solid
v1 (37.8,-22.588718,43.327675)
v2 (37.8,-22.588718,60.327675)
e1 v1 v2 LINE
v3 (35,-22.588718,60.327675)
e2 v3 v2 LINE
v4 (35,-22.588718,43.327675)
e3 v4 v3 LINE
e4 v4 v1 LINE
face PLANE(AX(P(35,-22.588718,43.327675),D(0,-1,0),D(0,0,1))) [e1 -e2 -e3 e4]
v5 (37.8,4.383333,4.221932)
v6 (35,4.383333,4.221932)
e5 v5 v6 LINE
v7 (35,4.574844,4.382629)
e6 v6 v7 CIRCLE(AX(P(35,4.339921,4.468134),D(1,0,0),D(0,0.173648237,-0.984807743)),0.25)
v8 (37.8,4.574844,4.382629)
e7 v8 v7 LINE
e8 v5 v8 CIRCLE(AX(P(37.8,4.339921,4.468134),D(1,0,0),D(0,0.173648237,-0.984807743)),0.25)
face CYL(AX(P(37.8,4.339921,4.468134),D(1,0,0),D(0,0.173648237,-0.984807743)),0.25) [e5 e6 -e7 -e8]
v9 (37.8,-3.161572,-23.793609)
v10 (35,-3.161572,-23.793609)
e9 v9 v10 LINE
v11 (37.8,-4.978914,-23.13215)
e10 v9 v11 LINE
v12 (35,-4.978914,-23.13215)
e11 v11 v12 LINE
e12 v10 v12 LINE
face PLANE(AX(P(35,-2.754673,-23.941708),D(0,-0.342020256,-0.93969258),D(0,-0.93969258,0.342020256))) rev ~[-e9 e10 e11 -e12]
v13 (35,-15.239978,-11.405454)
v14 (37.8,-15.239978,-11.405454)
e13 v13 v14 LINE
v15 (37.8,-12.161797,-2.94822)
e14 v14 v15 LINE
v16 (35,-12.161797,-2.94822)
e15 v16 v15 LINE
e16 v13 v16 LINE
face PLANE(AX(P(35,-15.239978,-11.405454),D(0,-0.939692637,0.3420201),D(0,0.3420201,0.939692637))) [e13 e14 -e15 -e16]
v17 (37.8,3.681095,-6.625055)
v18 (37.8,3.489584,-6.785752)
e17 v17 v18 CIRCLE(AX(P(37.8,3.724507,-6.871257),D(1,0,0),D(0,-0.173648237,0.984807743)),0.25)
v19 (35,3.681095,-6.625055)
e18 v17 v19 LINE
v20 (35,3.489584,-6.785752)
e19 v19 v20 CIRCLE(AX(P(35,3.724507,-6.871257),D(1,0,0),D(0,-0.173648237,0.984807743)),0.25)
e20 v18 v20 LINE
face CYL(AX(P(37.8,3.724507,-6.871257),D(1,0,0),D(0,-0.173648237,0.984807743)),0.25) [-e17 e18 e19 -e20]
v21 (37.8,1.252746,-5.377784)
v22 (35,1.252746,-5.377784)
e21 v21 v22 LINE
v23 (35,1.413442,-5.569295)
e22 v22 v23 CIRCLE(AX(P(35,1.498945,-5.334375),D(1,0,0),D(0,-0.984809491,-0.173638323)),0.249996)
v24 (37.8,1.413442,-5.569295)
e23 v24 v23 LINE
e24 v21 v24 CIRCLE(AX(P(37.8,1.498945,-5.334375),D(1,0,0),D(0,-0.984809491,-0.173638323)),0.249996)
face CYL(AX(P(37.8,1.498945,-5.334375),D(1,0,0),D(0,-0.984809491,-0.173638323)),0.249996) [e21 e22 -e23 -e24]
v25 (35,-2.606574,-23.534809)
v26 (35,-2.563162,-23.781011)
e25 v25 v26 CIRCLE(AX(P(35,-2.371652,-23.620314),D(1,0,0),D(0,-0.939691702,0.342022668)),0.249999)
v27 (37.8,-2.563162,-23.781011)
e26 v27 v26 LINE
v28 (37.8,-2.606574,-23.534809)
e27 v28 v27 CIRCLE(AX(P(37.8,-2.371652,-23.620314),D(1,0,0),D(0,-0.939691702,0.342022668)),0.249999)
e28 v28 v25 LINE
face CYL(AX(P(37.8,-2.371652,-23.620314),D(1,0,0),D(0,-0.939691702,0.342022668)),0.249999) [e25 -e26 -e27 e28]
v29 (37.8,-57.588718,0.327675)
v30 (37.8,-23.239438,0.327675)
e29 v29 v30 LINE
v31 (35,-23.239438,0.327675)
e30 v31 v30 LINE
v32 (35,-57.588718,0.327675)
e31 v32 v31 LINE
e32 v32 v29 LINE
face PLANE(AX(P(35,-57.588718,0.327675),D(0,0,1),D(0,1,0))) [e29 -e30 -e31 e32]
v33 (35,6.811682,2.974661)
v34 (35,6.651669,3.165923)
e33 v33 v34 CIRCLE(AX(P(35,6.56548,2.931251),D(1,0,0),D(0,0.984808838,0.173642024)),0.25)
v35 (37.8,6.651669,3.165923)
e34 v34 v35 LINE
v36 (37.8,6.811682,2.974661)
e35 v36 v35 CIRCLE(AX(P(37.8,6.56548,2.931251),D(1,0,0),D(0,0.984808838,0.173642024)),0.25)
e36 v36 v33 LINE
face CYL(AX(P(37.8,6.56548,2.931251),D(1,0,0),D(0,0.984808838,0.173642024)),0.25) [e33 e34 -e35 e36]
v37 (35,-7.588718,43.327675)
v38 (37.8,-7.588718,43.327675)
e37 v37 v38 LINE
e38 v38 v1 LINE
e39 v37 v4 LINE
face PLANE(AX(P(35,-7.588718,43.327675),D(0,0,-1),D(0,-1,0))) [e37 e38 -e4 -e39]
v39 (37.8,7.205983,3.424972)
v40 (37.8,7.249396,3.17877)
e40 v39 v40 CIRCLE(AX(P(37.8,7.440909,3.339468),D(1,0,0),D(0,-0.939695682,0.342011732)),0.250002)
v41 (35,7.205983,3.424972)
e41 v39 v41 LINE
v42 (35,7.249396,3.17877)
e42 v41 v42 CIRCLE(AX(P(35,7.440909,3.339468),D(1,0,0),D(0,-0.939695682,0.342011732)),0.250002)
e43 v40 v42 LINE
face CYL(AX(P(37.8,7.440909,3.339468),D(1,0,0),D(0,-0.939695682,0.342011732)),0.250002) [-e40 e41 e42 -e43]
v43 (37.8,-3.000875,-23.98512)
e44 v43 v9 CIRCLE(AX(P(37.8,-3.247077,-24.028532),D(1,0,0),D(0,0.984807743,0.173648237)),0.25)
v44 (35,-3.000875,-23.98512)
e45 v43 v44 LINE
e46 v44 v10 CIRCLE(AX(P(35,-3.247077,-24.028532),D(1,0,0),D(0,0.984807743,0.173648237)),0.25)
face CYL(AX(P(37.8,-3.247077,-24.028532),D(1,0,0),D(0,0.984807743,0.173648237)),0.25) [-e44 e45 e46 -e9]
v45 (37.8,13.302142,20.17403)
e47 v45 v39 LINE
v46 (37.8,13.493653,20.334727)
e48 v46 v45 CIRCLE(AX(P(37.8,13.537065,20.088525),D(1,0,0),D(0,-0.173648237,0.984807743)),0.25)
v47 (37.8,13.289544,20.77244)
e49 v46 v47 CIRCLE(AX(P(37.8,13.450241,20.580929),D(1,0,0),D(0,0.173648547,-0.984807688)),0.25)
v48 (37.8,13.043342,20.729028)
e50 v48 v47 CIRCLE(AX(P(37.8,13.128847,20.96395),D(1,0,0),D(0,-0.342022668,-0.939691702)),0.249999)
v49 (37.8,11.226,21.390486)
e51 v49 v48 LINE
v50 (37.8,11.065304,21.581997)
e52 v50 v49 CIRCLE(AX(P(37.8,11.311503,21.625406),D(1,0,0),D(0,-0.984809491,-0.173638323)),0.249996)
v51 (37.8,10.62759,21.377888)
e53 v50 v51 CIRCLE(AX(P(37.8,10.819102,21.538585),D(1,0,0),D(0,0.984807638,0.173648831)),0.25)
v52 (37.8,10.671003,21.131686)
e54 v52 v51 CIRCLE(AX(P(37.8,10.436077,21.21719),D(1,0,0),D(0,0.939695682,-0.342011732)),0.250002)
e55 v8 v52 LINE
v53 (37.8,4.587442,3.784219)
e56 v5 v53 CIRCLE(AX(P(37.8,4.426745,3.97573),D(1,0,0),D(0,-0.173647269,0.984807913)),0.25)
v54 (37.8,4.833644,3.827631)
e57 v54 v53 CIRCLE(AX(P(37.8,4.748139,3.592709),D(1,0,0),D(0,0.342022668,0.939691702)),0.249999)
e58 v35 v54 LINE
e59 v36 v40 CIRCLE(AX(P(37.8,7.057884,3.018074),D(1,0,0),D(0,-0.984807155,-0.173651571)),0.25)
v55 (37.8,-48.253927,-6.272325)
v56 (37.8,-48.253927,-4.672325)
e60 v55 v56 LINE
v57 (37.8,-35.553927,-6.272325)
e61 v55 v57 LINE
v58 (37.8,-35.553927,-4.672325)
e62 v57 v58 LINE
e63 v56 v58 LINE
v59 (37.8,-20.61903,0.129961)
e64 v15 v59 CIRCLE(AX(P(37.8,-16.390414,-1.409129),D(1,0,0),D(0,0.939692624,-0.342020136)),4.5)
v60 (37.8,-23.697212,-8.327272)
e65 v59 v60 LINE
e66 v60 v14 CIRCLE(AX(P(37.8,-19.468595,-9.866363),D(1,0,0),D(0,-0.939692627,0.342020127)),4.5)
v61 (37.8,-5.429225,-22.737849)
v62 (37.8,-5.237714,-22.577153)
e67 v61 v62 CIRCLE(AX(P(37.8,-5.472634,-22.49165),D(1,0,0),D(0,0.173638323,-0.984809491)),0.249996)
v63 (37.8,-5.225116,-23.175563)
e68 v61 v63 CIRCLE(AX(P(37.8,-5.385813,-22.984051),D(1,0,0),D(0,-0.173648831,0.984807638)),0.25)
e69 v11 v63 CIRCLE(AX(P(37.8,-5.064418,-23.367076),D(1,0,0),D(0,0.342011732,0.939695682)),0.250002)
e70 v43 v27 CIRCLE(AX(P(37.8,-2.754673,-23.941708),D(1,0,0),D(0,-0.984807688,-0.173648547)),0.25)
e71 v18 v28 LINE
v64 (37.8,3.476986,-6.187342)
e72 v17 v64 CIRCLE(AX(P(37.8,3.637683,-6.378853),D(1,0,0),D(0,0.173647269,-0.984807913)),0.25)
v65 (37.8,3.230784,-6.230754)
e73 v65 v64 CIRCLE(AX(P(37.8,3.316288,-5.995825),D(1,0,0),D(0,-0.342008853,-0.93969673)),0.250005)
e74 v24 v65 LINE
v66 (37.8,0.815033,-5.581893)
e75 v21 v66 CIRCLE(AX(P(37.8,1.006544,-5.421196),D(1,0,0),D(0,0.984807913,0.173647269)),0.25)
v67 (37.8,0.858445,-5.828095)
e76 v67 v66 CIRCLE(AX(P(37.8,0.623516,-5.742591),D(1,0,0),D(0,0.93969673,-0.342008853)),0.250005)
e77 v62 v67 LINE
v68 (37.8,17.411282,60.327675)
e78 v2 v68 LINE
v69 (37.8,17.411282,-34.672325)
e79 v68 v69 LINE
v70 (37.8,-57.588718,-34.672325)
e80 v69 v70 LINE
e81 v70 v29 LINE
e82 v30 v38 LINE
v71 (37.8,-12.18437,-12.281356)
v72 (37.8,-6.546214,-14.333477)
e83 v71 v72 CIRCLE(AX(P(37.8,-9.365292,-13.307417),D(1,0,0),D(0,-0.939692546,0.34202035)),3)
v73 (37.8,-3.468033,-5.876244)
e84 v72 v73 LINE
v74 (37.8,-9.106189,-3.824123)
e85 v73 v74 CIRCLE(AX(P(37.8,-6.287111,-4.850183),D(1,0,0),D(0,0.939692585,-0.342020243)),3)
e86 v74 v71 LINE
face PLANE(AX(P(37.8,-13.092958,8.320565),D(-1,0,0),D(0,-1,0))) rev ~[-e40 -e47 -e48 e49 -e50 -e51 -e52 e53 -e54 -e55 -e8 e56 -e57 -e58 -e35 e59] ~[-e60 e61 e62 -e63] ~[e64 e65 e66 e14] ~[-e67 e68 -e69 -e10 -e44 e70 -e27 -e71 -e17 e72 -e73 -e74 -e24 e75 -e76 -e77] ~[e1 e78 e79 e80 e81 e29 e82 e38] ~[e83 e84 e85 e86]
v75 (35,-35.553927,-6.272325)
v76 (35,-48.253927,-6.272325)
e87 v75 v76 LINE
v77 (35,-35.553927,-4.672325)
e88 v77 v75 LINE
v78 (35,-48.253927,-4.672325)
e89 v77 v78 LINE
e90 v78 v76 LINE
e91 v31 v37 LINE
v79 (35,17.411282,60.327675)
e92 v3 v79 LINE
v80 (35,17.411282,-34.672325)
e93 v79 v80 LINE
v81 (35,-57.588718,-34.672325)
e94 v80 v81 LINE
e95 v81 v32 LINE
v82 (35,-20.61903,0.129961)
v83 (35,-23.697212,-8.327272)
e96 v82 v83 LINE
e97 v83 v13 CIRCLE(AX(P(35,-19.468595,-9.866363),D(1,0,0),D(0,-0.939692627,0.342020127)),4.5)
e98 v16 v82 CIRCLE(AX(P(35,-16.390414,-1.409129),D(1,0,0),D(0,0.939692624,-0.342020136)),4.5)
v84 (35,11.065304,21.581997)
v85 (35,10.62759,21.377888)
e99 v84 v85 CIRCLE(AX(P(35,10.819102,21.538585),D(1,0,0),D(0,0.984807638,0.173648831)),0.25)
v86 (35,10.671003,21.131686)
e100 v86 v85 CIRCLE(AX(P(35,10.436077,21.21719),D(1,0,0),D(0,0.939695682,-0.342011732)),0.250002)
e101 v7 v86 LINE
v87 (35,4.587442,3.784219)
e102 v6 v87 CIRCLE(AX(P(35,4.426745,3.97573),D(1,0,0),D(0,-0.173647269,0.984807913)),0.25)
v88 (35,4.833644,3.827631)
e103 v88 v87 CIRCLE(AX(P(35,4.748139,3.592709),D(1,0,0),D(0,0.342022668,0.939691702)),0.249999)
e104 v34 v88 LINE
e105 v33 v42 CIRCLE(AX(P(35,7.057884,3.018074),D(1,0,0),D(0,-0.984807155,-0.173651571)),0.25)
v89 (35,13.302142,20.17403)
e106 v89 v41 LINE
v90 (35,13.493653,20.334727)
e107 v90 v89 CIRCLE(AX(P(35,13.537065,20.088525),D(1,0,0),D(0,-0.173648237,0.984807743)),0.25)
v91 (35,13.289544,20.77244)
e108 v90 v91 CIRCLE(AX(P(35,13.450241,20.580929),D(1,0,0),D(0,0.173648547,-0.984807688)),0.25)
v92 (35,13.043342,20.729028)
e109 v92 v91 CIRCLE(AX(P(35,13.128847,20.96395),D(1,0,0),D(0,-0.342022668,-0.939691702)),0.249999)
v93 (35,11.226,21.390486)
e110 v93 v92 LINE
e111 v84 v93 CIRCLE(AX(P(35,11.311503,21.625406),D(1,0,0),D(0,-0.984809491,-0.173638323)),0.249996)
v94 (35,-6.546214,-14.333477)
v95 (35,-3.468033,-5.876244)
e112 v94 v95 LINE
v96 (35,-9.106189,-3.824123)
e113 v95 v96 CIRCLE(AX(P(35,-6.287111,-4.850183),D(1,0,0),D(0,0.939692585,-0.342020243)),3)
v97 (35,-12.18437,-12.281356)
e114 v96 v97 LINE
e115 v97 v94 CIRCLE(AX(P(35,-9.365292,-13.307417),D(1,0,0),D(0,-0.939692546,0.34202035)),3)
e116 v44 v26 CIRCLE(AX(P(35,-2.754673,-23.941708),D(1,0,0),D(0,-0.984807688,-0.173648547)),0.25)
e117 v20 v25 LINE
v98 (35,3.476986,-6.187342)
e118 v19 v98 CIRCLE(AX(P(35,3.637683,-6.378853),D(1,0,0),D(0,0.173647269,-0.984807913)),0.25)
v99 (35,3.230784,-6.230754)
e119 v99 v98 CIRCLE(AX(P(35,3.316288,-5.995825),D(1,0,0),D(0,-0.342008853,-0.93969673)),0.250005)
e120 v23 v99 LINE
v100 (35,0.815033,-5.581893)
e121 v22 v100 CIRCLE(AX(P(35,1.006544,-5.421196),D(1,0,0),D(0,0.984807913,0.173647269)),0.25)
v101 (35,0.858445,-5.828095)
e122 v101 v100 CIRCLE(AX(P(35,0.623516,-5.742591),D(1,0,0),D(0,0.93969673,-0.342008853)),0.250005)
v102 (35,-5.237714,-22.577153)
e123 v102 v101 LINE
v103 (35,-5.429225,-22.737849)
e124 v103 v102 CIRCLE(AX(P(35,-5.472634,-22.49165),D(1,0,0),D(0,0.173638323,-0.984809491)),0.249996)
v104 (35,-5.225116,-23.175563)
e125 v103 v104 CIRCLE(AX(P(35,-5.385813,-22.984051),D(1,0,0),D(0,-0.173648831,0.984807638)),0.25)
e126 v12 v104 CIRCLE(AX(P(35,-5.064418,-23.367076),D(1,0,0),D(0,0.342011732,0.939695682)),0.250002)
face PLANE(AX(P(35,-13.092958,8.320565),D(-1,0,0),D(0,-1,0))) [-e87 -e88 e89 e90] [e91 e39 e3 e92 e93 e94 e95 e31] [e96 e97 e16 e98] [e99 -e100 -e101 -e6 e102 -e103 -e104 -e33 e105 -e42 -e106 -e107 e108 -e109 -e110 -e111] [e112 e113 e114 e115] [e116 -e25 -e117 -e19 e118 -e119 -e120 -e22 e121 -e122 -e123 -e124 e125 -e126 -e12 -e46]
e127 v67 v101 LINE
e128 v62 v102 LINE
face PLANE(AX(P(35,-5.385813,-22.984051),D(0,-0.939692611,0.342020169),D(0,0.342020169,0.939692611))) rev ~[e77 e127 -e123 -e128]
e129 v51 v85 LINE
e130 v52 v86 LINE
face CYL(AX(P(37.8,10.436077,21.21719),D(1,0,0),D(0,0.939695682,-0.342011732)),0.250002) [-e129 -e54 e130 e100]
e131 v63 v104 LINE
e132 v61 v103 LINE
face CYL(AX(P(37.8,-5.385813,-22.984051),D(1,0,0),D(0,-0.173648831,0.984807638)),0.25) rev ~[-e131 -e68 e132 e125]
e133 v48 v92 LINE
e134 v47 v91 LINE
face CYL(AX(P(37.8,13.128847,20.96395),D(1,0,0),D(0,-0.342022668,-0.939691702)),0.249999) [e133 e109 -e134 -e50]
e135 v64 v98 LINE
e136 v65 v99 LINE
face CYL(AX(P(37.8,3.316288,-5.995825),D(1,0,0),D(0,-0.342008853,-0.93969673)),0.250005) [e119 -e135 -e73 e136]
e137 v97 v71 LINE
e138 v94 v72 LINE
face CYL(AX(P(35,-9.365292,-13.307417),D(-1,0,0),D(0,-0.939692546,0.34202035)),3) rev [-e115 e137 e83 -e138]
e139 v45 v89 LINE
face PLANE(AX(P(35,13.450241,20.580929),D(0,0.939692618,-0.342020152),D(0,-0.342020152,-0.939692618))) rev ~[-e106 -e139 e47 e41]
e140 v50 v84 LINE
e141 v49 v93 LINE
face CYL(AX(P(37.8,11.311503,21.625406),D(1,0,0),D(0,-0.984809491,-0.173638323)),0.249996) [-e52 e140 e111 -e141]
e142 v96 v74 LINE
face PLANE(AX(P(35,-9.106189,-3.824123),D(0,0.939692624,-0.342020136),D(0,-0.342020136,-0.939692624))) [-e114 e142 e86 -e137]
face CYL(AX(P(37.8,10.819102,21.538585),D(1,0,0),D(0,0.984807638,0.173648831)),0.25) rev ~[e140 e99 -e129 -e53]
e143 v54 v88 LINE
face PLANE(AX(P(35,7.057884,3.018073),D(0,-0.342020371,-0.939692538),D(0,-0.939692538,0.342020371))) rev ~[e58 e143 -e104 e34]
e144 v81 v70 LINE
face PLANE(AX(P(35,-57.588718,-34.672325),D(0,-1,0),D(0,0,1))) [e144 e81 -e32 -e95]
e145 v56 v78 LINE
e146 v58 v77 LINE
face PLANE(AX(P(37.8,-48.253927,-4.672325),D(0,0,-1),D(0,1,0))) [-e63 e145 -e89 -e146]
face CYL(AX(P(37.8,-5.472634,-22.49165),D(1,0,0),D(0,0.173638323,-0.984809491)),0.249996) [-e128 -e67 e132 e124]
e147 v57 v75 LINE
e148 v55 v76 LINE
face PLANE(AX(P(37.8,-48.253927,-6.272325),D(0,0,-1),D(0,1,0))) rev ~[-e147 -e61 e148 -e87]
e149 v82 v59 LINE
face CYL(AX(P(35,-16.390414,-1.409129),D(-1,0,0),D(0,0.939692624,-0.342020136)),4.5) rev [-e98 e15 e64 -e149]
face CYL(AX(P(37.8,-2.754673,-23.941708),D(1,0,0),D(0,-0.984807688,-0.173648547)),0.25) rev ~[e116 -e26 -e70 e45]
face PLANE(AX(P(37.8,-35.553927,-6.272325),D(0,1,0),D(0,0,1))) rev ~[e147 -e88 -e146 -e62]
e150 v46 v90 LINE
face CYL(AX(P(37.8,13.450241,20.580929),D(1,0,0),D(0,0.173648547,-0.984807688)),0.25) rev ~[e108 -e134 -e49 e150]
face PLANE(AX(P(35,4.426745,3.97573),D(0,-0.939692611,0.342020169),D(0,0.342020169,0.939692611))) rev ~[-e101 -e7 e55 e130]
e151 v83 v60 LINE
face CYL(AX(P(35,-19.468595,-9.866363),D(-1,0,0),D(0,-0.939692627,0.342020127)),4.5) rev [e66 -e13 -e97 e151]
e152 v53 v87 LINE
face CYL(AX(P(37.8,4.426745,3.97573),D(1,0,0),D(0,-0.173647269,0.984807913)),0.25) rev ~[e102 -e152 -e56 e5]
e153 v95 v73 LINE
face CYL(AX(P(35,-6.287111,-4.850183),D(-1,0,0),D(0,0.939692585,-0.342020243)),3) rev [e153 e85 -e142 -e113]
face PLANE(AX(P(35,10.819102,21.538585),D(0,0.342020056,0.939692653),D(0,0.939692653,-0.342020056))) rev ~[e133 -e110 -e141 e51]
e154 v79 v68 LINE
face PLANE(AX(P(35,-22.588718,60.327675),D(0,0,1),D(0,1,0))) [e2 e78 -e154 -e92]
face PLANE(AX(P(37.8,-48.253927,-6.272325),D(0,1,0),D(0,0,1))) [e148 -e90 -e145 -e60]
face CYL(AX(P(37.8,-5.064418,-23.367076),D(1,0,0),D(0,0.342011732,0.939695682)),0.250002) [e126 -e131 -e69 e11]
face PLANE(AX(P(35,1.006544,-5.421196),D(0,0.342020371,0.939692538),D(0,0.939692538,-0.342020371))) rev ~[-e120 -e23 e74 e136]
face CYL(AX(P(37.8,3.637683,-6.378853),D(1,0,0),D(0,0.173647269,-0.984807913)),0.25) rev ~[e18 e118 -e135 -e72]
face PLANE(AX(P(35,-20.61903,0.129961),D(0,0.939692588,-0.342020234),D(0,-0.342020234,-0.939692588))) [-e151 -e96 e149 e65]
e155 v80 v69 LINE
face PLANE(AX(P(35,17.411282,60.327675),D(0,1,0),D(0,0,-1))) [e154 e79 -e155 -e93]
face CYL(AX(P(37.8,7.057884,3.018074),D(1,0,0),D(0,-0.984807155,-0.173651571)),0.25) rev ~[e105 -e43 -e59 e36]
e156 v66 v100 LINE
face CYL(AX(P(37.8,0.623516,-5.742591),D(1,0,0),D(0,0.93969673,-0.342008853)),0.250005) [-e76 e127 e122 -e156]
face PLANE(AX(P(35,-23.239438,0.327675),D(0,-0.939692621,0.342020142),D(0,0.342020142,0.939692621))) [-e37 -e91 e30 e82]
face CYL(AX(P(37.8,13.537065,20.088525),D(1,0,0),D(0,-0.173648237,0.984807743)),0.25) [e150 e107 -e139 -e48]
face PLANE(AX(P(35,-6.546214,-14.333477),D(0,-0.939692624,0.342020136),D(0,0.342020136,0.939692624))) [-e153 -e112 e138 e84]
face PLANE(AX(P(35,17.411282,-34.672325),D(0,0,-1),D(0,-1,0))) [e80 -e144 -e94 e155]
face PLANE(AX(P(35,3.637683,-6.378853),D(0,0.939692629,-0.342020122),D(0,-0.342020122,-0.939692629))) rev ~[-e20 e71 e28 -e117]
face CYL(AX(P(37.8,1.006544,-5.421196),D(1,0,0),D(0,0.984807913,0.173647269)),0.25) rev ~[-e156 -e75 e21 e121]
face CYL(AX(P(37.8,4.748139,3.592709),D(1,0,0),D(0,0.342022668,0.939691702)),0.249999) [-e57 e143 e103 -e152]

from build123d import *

# Parameters (mm, degrees)
PAD001_DEPTH    = 2.8
POCKET005_DEPTH = 2.801
SKETCH021_W     = 12.7
SKETCH021_H     = 1.6
POCKET010_DEPTH = 2.801


with BuildPart() as part:
    # Sketch001 (on Face18 of ShapeBinder) → Pad001 (new body)
    with BuildSketch(Plane.YZ.offset(35)):
        Polygon((-22.588718, 60.327675), (17.411282, 60.327675), (17.411282, -34.672325), (-57.588718, -34.672325), (-57.588718, 0.327675), (-23.239438, 0.327675), (-7.588718, 43.327675), (-22.588718, 43.327675), align=None)
        with BuildLine():
            ThreePointArc((-12.161797, -2.94822), (-14.851323, 2.819487), (-20.61903, 0.129961))
            Line((-20.61903, 0.129961), (-23.697212, -8.327272))
            ThreePointArc((-23.697212, -8.327272), (-21.007685, -14.09498), (-15.239978, -11.405454))
            Line((-15.239978, -11.405454), (-12.161797, -2.94822))
        make_face(mode=Mode.SUBTRACT)
        with BuildLine():
            ThreePointArc((-3.468033, -5.876244), (-5.261051, -2.031105), (-9.106189, -3.824123))
            Line((-9.106189, -3.824123), (-12.18437, -12.281356))
            ThreePointArc((-12.18437, -12.281356), (-10.391353, -16.126495), (-6.546214, -14.333477))
            Line((-6.546214, -14.333477), (-3.468033, -5.876244))
        make_face(mode=Mode.SUBTRACT)
        Polygon((10.819102, 21.538585), (13.450241, 20.580929), (7.057884, 3.018073), (4.426745, 3.97573), align=None, mode=Mode.SUBTRACT)
        Polygon((1.006544, -5.421196), (3.637683, -6.378853), (-2.754673, -23.941708), (-5.385813, -22.984051), align=None, mode=Mode.SUBTRACT)
    extrude(amount=PAD001_DEPTH)

    # Sketch013 (on Face26 of Pad001) → Pocket005 (cut, through all)
    with BuildSketch(Plane.YZ.offset(37.8)):
        with BuildLine():
            ThreePointArc((1.252746, -5.377784), (0.900889, -5.194619), (0.815033, -5.581893))
            ThreePointArc((0.858445, -5.828095), (0.869723, -5.699178), (0.815033, -5.581893))
            Line((0.858445, -5.828095), (1.413442, -5.569295))
            ThreePointArc((1.252746, -5.377784), (1.307436, -5.495069), (1.413442, -5.569295))
        make_face()
        with BuildLine():
            ThreePointArc((3.681095, -6.625055), (3.86426, -6.273198), (3.476986, -6.187342))
            ThreePointArc((3.230784, -6.230754), (3.359701, -6.242032), (3.476986, -6.187342))
            Line((3.489584, -6.785752), (3.230784, -6.230754))
            ThreePointArc((3.681095, -6.625055), (3.56381, -6.679746), (3.489584, -6.785752))
        make_face()
        with BuildLine():
            ThreePointArc((-5.429225, -22.737849), (-5.61239, -23.089706), (-5.225116, -23.175563))
            ThreePointArc((-4.978914, -23.13215), (-5.107831, -23.120872), (-5.225116, -23.175563))
            Line((-5.237714, -22.577153), (-4.978914, -23.13215))
            ThreePointArc((-5.429225, -22.737849), (-5.31194, -22.683159), (-5.237714, -22.577153))
        make_face()
        with BuildLine():
            ThreePointArc((-3.000875, -23.98512), (-2.649019, -24.168285), (-2.563162, -23.781011))
            ThreePointArc((-2.606574, -23.534809), (-2.617853, -23.663726), (-2.563162, -23.781011))
            Line((-2.606574, -23.534809), (-3.161572, -23.793609))
            ThreePointArc((-3.000875, -23.98512), (-3.055566, -23.867835), (-3.161572, -23.793609))
        make_face()
        with BuildLine():
            ThreePointArc((11.065304, 21.581997), (10.713447, 21.765162), (10.62759, 21.377888))
            ThreePointArc((10.671003, 21.131686), (10.682281, 21.260603), (10.62759, 21.377888))
            Line((10.671003, 21.131686), (11.226, 21.390486))
            ThreePointArc((11.065304, 21.581997), (11.119994, 21.464712), (11.226, 21.390486))
        make_face()
        with BuildLine():
            ThreePointArc((13.493653, 20.334727), (13.676818, 20.686583), (13.289544, 20.77244))
            ThreePointArc((13.043342, 20.729028), (13.172259, 20.717749), (13.289544, 20.77244))
            Line((13.302142, 20.17403), (13.043342, 20.729028))
            ThreePointArc((13.493653, 20.334727), (13.376368, 20.280036), (13.302142, 20.17403))
        make_face()
        with BuildLine():
            ThreePointArc((4.383333, 4.221932), (4.200168, 3.870075), (4.587442, 3.784219))
            ThreePointArc((4.833644, 3.827631), (4.704727, 3.83891), (4.587442, 3.784219))
            Line((4.574844, 4.382629), (4.833644, 3.827631))
            ThreePointArc((4.383333, 4.221932), (4.500618, 4.276623), (4.574844, 4.382629))
        make_face()
        with BuildLine():
            ThreePointArc((6.811682, 2.974661), (7.163539, 2.791497), (7.249396, 3.17877))
            ThreePointArc((7.205983, 3.424972), (7.194705, 3.296055), (7.249396, 3.17877))
            Line((7.205983, 3.424972), (6.650986, 3.166173))
            ThreePointArc((6.811682, 2.974661), (6.756992, 3.091946), (6.650986, 3.166173))
        make_face()
    extrude(amount=-POCKET005_DEPTH, mode=Mode.SUBTRACT)

    # Sketch021 (on Face5 of Pocket005) → Pocket010 (cut, through all)
    with BuildSketch(Plane.YZ.offset(37.8)):
        with Locations((-41.903927, -5.472325)):
            Rectangle(SKETCH021_W, SKETCH021_H)
    extrude(amount=-POCKET010_DEPTH, mode=Mode.SUBTRACT)


solid = part.part
